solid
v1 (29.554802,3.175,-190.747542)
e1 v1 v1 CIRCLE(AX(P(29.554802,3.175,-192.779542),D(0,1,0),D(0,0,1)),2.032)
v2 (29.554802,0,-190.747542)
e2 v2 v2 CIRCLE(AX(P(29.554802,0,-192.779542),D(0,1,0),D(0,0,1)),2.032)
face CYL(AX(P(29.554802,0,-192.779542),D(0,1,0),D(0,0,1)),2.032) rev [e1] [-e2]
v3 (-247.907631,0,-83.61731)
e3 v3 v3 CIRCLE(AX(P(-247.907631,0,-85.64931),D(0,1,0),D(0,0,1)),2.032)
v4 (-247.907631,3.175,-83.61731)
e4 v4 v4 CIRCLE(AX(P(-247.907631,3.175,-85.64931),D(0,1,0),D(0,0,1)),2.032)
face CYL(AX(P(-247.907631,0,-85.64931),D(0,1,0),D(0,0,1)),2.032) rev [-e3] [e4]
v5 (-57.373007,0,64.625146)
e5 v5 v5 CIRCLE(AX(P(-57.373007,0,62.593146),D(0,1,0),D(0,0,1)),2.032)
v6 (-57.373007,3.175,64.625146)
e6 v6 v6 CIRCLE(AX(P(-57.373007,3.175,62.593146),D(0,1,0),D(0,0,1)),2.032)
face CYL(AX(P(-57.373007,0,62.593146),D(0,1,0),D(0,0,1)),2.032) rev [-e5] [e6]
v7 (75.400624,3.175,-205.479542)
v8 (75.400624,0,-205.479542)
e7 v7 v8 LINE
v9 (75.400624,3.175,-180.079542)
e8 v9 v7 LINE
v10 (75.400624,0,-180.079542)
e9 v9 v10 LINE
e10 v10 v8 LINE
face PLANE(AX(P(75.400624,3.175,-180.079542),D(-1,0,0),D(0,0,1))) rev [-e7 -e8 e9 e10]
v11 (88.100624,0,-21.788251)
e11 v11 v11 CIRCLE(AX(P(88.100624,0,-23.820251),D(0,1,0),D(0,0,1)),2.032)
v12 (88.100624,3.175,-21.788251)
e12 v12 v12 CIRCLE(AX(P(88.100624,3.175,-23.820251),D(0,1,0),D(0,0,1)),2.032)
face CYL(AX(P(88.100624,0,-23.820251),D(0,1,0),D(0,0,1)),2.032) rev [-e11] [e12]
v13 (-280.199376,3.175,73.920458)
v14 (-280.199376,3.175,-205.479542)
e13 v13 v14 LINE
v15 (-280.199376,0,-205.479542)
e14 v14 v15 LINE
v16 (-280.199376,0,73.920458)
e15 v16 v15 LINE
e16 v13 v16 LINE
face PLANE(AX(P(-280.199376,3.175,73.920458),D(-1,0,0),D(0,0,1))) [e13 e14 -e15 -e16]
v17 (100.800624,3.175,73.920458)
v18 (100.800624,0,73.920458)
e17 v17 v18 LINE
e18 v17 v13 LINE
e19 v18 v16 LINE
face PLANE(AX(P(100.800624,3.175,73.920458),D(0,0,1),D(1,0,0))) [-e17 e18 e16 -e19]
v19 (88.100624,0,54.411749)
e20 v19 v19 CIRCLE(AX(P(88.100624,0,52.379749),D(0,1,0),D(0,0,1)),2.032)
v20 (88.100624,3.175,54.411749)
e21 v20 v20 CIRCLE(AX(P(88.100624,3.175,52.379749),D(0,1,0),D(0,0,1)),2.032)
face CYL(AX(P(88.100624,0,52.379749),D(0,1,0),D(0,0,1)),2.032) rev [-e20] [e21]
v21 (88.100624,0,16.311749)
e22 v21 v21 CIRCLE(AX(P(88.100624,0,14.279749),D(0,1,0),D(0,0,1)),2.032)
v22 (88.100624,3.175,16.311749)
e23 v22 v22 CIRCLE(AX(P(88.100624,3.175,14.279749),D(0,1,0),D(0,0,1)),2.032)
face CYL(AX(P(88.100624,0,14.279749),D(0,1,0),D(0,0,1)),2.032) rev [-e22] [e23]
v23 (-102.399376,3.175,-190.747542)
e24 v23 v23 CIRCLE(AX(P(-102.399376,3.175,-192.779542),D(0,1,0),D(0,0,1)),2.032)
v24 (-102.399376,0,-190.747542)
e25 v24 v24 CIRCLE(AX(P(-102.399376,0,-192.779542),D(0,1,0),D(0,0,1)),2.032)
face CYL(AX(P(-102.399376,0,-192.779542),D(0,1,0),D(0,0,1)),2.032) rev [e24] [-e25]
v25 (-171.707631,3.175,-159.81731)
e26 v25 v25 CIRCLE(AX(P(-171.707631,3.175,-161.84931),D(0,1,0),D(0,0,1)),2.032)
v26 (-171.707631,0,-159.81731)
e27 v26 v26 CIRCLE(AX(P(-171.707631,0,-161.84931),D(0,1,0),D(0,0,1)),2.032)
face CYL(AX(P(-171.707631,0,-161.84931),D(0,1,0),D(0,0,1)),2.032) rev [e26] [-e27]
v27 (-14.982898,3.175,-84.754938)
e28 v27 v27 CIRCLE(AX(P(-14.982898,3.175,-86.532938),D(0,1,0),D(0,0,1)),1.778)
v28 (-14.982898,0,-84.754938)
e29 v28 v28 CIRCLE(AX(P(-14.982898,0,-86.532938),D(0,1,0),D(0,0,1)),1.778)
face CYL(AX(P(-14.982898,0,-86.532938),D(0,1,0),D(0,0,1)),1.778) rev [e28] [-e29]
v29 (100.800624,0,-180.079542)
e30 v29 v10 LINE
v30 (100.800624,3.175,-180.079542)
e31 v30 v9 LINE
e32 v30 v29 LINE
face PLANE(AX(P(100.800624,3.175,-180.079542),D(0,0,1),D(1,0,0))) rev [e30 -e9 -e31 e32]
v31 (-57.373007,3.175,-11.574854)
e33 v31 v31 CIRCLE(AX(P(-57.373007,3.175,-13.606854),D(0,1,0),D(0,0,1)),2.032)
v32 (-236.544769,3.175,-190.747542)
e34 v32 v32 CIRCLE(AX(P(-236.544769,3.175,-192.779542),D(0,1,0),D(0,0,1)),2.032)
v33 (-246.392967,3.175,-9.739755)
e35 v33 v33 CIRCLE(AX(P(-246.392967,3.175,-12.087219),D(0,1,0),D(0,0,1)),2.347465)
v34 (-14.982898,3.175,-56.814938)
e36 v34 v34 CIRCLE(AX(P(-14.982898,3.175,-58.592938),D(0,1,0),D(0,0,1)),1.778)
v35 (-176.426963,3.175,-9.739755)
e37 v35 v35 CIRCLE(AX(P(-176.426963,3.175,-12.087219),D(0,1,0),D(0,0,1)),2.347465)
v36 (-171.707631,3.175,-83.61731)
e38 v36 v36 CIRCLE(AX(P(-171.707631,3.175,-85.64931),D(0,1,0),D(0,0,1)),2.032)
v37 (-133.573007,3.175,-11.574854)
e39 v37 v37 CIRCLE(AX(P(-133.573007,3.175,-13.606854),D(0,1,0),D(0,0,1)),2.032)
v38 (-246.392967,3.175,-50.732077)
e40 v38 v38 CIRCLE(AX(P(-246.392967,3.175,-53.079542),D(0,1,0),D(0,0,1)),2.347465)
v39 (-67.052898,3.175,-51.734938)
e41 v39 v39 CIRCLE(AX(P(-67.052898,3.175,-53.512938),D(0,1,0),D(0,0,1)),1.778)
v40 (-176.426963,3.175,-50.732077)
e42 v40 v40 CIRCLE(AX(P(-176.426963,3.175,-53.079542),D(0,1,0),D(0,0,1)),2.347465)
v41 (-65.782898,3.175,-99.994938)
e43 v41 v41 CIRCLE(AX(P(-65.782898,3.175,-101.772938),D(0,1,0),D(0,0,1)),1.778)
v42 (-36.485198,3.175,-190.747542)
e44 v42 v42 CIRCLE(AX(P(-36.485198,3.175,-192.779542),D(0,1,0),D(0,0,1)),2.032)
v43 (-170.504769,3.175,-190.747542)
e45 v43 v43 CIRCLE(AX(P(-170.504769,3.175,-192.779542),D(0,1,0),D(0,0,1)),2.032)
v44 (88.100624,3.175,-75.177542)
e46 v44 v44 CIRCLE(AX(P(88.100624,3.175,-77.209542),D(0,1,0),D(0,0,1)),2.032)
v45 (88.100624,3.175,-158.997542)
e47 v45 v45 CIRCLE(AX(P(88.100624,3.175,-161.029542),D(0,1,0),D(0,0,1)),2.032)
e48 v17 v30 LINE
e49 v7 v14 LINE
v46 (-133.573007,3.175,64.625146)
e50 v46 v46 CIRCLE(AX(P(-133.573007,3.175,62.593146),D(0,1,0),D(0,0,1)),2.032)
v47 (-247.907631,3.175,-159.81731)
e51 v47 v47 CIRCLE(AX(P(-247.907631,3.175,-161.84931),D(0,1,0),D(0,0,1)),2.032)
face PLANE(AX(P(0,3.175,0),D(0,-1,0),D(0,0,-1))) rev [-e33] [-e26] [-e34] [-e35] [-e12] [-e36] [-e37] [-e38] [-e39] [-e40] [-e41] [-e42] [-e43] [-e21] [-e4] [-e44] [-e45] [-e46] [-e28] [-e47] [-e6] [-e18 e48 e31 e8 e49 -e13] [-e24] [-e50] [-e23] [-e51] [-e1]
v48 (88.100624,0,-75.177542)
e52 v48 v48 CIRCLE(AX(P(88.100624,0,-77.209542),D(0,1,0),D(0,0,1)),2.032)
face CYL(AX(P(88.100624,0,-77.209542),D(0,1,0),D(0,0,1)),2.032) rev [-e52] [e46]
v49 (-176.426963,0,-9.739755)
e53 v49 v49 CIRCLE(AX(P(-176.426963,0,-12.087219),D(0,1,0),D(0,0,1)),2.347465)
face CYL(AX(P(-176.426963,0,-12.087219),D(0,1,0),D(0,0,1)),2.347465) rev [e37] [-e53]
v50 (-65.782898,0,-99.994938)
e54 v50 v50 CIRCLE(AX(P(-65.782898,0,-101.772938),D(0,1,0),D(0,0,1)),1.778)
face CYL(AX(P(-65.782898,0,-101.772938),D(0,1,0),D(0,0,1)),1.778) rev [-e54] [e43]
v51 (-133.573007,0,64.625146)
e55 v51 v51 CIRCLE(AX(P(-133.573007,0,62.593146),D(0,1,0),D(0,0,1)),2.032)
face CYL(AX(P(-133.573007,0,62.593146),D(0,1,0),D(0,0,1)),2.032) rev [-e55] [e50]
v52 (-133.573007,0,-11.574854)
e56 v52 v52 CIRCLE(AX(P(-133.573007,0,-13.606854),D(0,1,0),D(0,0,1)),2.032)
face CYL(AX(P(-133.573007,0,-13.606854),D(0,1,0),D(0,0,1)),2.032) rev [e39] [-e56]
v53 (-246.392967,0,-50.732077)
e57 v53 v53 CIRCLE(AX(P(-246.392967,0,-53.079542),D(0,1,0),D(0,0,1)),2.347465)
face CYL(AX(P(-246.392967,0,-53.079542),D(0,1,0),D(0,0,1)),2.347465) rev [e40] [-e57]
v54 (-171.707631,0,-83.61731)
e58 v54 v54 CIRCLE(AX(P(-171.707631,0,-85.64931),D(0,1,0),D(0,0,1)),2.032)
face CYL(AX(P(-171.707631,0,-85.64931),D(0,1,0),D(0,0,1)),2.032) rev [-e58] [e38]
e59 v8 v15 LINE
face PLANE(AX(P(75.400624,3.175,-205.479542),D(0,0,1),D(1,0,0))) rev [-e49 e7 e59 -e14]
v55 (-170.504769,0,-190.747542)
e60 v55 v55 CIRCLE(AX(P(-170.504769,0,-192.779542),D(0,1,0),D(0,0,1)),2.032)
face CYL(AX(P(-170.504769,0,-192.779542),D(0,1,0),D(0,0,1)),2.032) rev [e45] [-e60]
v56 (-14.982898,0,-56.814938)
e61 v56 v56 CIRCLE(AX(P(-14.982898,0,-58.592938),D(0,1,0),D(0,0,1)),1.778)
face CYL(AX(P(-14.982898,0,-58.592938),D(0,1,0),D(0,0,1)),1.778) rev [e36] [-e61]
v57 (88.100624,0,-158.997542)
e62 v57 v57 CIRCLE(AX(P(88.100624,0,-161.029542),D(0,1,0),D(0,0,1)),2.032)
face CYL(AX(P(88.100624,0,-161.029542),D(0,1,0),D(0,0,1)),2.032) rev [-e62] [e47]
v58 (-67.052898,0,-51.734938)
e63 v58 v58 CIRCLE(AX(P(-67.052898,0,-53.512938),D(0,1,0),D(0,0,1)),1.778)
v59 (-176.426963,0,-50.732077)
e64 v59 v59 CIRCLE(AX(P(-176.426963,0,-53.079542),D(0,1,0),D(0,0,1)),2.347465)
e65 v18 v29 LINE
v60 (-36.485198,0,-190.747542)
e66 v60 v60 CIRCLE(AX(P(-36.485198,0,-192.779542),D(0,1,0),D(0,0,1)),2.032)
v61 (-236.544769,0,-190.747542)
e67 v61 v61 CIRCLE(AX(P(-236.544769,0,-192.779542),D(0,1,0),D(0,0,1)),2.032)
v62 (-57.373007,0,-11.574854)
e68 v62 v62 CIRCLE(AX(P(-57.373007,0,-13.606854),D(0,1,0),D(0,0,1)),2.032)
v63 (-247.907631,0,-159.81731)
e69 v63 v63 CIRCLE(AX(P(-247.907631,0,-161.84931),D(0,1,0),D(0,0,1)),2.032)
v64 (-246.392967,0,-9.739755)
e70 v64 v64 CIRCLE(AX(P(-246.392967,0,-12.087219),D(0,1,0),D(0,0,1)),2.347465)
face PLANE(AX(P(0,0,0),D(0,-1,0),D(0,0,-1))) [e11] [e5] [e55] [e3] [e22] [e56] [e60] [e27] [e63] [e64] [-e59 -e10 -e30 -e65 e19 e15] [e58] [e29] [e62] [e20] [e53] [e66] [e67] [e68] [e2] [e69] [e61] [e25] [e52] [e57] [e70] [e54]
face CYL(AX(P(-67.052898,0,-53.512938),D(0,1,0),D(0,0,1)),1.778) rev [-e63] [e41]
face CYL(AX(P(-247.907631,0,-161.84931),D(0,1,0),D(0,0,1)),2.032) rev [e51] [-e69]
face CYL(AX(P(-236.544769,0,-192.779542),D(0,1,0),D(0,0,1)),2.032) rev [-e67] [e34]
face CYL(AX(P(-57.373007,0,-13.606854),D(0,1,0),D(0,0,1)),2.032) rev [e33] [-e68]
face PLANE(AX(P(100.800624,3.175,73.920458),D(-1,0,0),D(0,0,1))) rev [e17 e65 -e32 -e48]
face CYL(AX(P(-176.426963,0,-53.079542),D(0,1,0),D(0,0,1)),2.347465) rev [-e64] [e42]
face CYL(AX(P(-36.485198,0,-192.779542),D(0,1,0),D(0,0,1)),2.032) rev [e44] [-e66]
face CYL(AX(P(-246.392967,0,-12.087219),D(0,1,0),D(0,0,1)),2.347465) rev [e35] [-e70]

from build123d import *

# Parameters (mm, degrees)
BOSS_EXTRUDE1_DEPTH = 3.175
SKETCH5_R           = 2.032
CUT_EXTRUDE2_DEPTH  = 4.175
SKETCH6_R           = 2.032
CUT_EXTRUDE3_DEPTH  = 4.175
SKETCH7_R           = 1.778
CUT_EXTRUDE4_DEPTH  = 4.175
SKETCH10_R          = 2.347464755
CUT_EXTRUDE5_DEPTH  = 4.175
SKETCH11_R          = 2.032
CUT_EXTRUDE6_DEPTH  = 4.175


with BuildPart() as part:
    # Sketch2 → Boss-Extrude1 (new body)
    with BuildSketch(Plane(origin=(0, 0, 0), x_dir=(1, 0, 0), z_dir=(0, 1, 0))):
        Polygon((100.800624482, -73.920457953), (-280.199375518, -73.920457953), (-280.199375518, 205.479542047), (75.400624482, 205.479542047), (75.400624482, 180.079542047), (100.800624482, 180.079542047), align=None)
    extrude(amount=BOSS_EXTRUDE1_DEPTH)

    # Sketch5 → Cut-Extrude2 (cut, through all)
    with BuildSketch(Plane(origin=(0, 3.175, 0), x_dir=(1, 0, 0), z_dir=(0, 1, 0))):
        with Locations((-170.504769224, 192.779542047)):
            Circle(SKETCH5_R)
        with Locations((-102.399375518, 192.779542047)):
            Circle(SKETCH5_R)
        with Locations((-36.485198281, 192.779542047)):
            Circle(SKETCH5_R)
        with Locations((-236.544769224, 192.779542047)):
            Circle(SKETCH5_R)
        with Locations((29.554801719, 192.779542047)):
            Circle(SKETCH5_R)
    extrude(amount=-CUT_EXTRUDE2_DEPTH, mode=Mode.SUBTRACT)

    # Sketch6 → Cut-Extrude3 (cut, through all)
    with BuildSketch(Plane(origin=(0, 3.175, 0), x_dir=(1, 0, 0), z_dir=(0, 1, 0))):
        with Locations((88.100624482, 161.029542047)):
            Circle(SKETCH6_R)
        with Locations((88.100624482, 77.209542047)):
            Circle(SKETCH6_R)
        with Locations((88.100624482, 23.820250843)):
            Circle(SKETCH6_R)
        with Locations((88.100624482, -14.279749157)):
            Circle(SKETCH6_R)
        with Locations((88.100624482, -52.379749157)):
            Circle(SKETCH6_R)
    extrude(amount=-CUT_EXTRUDE3_DEPTH, mode=Mode.SUBTRACT)

    # Sketch7 → Cut-Extrude4 (cut, through all)
    with BuildSketch(Plane(origin=(0, 3.175, 0), x_dir=(1, 0, 0), z_dir=(0, 1, 0))):
        with Locations((-14.982897569, 86.532937611)):
            Circle(SKETCH7_R)
        with Locations((-14.982897569, 58.592937611)):
            Circle(SKETCH7_R)
        with Locations((-67.052897569, 53.512937611)):
            Circle(SKETCH7_R)
        with Locations((-65.782897569, 101.772937611)):
            Circle(SKETCH7_R)
    extrude(amount=-CUT_EXTRUDE4_DEPTH, mode=Mode.SUBTRACT)

    # Sketch10 → Cut-Extrude5 (cut, through all)
    with BuildSketch(Plane(origin=(0, 3.175, 0), x_dir=(1, 0, 0), z_dir=(0, 1, 0))):
        with Locations((-246.392967044, 53.079542047)):
            Circle(SKETCH10_R)
        with Locations((-176.426962748, 53.079542047)):
            Circle(SKETCH10_R)
        with Locations((-176.426962748, 12.08721928)):
            Circle(SKETCH10_R)
        with Locations((-246.392967044, 12.08721928)):
            Circle(SKETCH10_R)
    extrude(amount=-CUT_EXTRUDE5_DEPTH, mode=Mode.SUBTRACT)

    # Sketch11 → Cut-Extrude6 (cut, through all)
    with BuildSketch(Plane(origin=(0, 3.175, 0), x_dir=(1, 0, 0), z_dir=(0, 1, 0))):
        with Locations((-247.907630969, 161.84931011)):
            Circle(SKETCH11_R)
        with Locations((-171.707630969, 161.84931011)):
            Circle(SKETCH11_R)
        with Locations((-171.707630969, 85.64931011)):
            Circle(SKETCH11_R)
        with Locations((-247.907630969, 85.64931011)):
            Circle(SKETCH11_R)
        with Locations((-133.57300722, 13.606853626)):
            Circle(SKETCH11_R)
        with Locations((-57.37300722, 13.606853626)):
            Circle(SKETCH11_R)
        with Locations((-57.37300722, -62.593146374)):
            Circle(SKETCH11_R)
        with Locations((-133.57300722, -62.593146374)):
            Circle(SKETCH11_R)
    extrude(amount=-CUT_EXTRUDE6_DEPTH, mode=Mode.SUBTRACT)


solid = part.part
